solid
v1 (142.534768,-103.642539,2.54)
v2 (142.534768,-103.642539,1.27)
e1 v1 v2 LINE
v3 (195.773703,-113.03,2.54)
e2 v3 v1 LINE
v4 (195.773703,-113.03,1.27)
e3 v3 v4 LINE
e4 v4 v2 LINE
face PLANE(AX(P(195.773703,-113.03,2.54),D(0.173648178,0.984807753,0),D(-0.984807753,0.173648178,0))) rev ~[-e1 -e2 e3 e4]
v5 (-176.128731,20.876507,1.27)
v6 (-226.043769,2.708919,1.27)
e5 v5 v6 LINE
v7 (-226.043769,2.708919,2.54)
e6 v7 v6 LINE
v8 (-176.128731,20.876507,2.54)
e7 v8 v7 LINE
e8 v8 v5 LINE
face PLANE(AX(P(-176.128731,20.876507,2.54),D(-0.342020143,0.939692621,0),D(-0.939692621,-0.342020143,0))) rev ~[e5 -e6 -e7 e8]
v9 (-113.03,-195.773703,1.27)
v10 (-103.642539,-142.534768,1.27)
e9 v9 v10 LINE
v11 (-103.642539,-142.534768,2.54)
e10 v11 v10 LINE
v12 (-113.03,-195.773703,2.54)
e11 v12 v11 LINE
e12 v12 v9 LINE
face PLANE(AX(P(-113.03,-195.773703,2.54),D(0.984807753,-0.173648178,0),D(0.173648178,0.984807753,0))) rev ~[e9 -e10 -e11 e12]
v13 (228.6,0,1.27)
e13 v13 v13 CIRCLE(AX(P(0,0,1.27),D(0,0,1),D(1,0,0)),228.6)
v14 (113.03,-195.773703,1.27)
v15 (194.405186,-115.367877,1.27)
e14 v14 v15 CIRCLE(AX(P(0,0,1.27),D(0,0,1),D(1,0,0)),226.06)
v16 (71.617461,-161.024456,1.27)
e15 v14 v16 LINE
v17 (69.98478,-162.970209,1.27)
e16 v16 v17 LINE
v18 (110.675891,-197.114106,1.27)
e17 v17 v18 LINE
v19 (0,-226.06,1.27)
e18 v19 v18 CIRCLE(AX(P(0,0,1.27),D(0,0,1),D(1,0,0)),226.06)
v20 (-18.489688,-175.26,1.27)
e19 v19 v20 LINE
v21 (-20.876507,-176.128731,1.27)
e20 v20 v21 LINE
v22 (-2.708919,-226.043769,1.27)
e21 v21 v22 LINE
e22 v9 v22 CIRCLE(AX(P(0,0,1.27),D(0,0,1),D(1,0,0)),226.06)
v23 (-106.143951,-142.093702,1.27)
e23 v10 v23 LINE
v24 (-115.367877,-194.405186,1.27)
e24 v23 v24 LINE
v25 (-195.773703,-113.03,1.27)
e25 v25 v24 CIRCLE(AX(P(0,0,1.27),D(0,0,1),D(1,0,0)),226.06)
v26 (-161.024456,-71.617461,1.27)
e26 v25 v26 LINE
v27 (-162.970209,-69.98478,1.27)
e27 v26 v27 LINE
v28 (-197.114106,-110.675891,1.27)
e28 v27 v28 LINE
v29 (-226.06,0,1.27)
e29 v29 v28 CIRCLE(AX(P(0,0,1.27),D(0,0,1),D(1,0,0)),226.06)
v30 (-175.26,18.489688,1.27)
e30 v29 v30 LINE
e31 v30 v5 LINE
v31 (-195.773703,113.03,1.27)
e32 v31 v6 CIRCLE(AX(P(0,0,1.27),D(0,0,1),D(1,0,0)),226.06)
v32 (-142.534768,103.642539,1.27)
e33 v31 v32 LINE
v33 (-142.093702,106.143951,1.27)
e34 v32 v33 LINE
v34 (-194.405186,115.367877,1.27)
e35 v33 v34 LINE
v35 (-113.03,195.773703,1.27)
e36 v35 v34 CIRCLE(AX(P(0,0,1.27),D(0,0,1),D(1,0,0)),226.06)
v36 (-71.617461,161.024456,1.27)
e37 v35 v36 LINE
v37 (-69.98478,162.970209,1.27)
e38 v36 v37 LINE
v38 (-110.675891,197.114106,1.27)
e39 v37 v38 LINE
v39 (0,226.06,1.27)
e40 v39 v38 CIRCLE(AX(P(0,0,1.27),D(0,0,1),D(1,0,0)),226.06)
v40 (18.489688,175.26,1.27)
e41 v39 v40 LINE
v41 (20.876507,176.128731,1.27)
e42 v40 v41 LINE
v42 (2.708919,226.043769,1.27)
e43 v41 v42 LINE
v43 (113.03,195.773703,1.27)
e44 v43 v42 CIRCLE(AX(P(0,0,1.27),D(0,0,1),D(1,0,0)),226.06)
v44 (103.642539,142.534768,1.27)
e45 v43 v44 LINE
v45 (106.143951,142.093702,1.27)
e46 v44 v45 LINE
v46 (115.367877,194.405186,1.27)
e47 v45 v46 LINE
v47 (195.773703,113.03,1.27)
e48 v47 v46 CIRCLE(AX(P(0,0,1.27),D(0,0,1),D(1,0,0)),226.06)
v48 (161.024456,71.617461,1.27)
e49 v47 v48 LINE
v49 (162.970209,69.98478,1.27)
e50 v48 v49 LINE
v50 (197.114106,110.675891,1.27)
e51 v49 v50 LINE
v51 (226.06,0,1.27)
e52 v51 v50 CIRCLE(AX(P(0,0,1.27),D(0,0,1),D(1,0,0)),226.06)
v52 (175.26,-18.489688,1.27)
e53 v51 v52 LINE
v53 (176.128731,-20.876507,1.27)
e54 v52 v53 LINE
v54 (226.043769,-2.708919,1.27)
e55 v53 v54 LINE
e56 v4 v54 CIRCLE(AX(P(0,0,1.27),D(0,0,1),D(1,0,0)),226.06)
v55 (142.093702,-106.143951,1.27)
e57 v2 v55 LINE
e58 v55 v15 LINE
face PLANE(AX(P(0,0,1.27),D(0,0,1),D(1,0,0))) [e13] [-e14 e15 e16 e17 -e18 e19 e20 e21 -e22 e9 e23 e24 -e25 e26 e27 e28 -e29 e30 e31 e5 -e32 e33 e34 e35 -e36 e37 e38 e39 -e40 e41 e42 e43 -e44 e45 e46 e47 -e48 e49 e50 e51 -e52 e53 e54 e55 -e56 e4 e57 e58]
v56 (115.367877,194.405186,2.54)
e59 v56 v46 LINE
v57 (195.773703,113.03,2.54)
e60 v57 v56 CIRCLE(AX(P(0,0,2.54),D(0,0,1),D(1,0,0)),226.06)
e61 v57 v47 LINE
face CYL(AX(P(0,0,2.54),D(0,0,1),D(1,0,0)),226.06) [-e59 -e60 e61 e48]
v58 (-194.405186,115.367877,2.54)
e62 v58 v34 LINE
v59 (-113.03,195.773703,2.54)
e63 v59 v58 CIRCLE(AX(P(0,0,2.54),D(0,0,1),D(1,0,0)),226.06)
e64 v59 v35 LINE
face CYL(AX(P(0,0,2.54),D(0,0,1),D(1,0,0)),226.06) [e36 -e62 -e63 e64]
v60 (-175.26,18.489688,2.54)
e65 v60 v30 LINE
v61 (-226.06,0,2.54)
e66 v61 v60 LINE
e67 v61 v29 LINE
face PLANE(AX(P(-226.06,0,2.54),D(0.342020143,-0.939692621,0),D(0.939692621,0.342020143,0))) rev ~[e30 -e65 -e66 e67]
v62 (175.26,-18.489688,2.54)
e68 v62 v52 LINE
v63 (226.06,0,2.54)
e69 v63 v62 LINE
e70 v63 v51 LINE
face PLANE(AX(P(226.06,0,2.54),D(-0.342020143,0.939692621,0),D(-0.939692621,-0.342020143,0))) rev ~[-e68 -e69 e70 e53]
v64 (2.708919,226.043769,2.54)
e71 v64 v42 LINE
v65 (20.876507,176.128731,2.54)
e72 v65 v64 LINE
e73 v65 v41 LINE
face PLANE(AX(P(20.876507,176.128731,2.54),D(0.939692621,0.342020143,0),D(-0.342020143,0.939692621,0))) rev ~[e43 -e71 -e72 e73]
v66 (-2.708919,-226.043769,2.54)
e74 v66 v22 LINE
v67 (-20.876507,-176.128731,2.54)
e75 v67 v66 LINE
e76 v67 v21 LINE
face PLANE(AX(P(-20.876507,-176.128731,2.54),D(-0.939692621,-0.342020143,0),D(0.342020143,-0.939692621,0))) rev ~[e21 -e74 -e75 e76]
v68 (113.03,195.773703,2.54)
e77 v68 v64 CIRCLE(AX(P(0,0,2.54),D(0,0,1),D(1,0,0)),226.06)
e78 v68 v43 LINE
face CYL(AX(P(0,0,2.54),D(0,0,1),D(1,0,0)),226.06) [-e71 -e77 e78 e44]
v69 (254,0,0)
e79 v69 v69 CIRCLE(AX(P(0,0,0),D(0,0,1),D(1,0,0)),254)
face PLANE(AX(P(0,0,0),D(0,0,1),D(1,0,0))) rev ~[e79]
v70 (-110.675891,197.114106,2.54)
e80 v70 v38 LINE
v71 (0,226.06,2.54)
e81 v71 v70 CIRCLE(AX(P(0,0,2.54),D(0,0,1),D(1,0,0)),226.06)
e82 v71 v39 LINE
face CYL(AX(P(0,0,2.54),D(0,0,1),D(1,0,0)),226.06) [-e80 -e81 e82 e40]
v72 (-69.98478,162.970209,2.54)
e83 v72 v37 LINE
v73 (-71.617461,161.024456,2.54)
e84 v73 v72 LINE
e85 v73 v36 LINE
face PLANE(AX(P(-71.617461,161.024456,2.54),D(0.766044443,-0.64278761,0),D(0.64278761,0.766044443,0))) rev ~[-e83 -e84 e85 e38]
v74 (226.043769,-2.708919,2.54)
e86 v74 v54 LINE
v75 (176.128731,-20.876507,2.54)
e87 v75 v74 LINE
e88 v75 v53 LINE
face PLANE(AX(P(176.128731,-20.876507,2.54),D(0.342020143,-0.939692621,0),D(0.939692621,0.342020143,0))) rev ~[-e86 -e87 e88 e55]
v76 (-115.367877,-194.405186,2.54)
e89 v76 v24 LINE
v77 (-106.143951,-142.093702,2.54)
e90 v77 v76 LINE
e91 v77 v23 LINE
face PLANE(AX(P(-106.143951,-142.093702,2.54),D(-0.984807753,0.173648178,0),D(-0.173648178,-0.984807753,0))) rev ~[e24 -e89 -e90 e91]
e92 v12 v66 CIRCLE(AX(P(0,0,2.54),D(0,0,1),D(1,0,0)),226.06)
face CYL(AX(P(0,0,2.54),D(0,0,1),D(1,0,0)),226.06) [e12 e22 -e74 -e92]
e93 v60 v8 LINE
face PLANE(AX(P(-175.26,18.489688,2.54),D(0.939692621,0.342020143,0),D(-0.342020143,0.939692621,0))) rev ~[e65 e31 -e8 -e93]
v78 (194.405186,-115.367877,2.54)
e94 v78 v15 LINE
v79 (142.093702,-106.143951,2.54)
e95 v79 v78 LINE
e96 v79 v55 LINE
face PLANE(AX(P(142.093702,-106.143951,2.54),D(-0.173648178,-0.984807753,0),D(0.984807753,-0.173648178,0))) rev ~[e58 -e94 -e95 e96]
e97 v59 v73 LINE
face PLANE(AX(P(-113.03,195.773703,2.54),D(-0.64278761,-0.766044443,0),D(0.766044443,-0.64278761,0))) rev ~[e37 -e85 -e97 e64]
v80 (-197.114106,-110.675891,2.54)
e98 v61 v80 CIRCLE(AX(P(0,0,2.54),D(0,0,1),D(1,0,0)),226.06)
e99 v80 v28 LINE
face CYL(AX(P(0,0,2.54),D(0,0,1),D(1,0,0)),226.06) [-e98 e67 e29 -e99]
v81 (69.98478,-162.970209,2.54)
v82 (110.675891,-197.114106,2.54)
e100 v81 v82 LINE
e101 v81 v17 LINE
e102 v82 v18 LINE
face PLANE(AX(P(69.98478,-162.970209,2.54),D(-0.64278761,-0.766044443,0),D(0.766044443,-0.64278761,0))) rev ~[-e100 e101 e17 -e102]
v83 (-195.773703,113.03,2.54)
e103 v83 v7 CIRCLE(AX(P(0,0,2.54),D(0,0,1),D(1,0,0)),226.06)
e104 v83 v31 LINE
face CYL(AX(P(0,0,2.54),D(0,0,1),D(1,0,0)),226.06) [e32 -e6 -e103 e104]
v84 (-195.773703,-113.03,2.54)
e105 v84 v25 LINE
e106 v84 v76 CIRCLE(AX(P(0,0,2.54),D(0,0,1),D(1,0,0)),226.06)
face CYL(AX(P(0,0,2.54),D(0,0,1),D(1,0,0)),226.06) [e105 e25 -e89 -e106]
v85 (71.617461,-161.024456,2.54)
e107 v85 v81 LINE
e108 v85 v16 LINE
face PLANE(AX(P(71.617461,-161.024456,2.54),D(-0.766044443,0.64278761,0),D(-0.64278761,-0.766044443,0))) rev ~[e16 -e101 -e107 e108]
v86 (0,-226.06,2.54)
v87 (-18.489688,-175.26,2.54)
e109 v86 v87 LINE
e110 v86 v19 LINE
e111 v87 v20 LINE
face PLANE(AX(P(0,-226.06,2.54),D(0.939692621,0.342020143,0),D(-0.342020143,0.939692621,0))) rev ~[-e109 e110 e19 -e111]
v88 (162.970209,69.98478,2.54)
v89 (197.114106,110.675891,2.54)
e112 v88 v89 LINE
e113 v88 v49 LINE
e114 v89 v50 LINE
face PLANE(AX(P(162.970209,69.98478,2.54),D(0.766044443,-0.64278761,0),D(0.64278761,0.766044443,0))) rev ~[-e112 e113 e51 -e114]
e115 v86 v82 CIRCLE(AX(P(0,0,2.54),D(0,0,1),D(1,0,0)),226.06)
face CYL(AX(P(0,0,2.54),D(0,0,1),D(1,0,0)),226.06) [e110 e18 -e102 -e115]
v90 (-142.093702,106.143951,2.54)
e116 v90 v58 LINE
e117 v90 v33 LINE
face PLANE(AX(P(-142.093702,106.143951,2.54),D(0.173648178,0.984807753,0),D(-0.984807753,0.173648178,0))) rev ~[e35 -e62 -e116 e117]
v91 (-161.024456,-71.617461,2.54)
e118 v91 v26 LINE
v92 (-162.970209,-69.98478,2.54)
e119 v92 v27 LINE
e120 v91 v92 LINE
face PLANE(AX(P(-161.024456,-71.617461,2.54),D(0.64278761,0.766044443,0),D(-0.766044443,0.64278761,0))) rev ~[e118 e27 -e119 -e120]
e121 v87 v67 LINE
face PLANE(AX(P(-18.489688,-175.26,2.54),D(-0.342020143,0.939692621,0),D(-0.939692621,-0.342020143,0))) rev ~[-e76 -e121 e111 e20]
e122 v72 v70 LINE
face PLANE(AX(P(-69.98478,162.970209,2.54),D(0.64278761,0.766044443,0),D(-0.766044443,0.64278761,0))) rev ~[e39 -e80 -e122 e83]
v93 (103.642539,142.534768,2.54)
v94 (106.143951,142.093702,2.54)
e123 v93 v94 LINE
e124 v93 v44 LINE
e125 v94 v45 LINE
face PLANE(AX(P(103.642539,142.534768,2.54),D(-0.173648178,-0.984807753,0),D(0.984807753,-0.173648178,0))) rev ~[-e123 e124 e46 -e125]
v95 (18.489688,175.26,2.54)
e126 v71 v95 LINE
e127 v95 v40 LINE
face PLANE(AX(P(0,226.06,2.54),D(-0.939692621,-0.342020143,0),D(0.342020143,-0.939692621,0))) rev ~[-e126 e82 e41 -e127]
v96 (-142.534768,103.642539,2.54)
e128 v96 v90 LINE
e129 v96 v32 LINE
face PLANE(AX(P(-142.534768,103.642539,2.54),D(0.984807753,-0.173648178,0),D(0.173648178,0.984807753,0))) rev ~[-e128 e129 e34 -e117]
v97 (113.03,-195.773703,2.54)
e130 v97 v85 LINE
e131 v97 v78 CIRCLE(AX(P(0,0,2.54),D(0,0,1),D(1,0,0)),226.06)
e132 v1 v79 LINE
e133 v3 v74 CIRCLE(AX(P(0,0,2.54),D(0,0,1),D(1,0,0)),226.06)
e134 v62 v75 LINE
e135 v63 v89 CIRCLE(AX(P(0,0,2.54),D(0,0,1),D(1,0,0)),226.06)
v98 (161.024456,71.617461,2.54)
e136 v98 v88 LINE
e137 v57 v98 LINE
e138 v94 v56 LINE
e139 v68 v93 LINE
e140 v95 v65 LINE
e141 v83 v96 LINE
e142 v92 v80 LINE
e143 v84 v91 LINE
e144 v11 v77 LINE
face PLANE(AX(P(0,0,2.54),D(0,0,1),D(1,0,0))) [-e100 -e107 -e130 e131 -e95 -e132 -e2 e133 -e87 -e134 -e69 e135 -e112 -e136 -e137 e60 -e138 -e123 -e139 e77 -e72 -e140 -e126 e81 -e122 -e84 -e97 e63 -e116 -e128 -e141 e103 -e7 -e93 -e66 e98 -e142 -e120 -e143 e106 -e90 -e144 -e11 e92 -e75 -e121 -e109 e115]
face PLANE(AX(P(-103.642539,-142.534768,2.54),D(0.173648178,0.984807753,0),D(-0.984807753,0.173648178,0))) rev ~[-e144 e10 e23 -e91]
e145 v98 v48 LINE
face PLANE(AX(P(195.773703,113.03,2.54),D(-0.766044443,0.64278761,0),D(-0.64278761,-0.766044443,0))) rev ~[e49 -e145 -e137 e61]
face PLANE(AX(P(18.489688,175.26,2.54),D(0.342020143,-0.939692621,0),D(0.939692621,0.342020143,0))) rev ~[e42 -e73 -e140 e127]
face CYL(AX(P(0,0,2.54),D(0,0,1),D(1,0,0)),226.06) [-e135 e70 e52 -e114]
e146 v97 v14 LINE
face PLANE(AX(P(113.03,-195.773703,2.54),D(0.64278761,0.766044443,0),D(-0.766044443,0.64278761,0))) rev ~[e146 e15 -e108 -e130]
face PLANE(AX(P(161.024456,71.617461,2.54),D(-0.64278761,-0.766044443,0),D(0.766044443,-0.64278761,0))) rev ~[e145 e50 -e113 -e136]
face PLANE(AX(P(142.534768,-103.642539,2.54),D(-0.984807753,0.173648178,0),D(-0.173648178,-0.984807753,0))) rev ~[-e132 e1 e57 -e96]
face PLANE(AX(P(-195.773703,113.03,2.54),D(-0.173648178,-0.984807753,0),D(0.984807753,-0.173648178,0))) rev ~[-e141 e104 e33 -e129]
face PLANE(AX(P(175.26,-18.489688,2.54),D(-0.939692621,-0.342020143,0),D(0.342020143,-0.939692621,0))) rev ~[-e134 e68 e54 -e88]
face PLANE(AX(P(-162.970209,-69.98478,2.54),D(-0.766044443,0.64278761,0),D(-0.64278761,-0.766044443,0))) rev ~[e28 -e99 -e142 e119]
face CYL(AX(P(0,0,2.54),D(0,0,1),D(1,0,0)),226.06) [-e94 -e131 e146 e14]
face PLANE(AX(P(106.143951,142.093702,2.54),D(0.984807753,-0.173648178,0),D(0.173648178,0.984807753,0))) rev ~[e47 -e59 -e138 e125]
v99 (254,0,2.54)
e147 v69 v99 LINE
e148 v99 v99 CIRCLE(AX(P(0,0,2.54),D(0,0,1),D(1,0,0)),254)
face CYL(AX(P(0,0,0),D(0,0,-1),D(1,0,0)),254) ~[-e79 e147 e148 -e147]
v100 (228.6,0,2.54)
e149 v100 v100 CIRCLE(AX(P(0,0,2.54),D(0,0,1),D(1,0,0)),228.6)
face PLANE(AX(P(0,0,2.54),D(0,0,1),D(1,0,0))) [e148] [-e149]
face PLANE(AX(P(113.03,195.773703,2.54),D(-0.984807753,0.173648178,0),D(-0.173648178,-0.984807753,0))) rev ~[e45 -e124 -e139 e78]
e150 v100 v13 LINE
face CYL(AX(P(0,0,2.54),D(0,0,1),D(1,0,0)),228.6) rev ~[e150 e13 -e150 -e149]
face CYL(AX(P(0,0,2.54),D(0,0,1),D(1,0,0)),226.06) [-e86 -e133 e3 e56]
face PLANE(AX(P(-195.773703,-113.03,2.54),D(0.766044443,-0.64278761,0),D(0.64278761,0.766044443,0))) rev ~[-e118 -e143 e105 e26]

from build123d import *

# Parameters (mm, degrees)
SKETCH1_R           = 254
BOSS_EXTRUDE1_DEPTH = 2.54
SKETCH2_R           = 228.6
SKETCH2_R_2         = 226.06
CUT_EXTRUDE1_DEPTH  = 1.27
CUT_EXTRUDE2_DEPTH  = 1.27


with BuildPart() as part:
    # Sketch1 → Boss-Extrude1 (new body)
    with BuildSketch(Plane.XY):
        Circle(SKETCH1_R)
    extrude(amount=BOSS_EXTRUDE1_DEPTH)

    # Sketch2 → Cut-Extrude1 (cut)
    with BuildSketch(Plane.XY.offset(2.54)):
        Circle(SKETCH2_R)
        Circle(SKETCH2_R_2, mode=Mode.SUBTRACT)
    extrude(amount=-CUT_EXTRUDE1_DEPTH, mode=Mode.SUBTRACT)

    # Sketch4 → Cut-Extrude2 (cut)
    with BuildSketch(Plane.XY.offset(2.54)):
        with BuildLine():
            Line((-226.06, 0), (-175.26, 18.489687901))
            Line((-175.26, 18.489687901), (-176.128731164, 20.876507158))
            Line((-176.128731164, 20.876507158), (-226.043768674, 2.708919262))
            ThreePointArc((-226.043768674, 2.708919262), (-226.055942132, 1.354483944), (-226.06, 0))
        make_face()
        with BuildLine():
            Line((-195.77370278, 113.03), (-142.534768317, 103.64253943))
            Line((-142.534768317, 103.64253943), (-142.093701946, 106.143951123))
            Line((-142.093701946, 106.143951123), (-194.405186408, 115.367877234))
            ThreePointArc((-194.405186408, 115.367877234), (-195.092946591, 114.200988571), (-195.77370278, 113.03))
        make_face()
        with BuildLine():
            Line((-113.03, 195.77370278), (-71.61746057, 161.024456218))
            Line((-71.61746057, 161.024456218), (-69.984780041, 162.970209103))
            Line((-69.984780041, 162.970209103), (-110.67589144, 197.11410567))
            ThreePointArc((-110.67589144, 197.11410567), (-111.854953561, 196.447430535), (-113.03, 195.77370278))
        make_face()
        with BuildLine():
            Line((0, 226.06), (18.489687901, 175.26))
            Line((18.489687901, 175.26), (20.876507158, 176.128731164))
            Line((20.876507158, 176.128731164), (2.708919262, 226.043768674))
            ThreePointArc((2.708919262, 226.043768674), (1.354483944, 226.055942132), (0, 226.06))
        make_face()
        with BuildLine():
            Line((113.03, 195.77370278), (103.64253943, 142.534768317))
            Line((103.64253943, 142.534768317), (106.143951123, 142.093701946))
            Line((106.143951123, 142.093701946), (115.367877234, 194.405186408))
            ThreePointArc((115.367877234, 194.405186408), (114.200988571, 195.092946591), (113.03, 195.77370278))
        make_face()
        with BuildLine():
            Line((195.77370278, 113.03), (161.024456218, 71.61746057))
            Line((161.024456218, 71.61746057), (162.970209103, 69.984780041))
            Line((162.970209103, 69.984780041), (197.11410567, 110.67589144))
            ThreePointArc((197.11410567, 110.67589144), (196.447430535, 111.854953561), (195.77370278, 113.03))
        make_face()
        with BuildLine():
            Line((226.06, 0), (175.26, -18.489687901))
            Line((175.26, -18.489687901), (176.128731164, -20.876507158))
            Line((176.128731164, -20.876507158), (226.043768674, -2.708919262))
            ThreePointArc((226.043768674, -2.708919262), (226.055942132, -1.354483944), (226.06, 0))
        make_face()
        with BuildLine():
            Line((195.77370278, -113.03), (142.534768317, -103.64253943))
            Line((142.534768317, -103.64253943), (142.093701946, -106.143951123))
            Line((142.093701946, -106.143951123), (194.405186408, -115.367877234))
            ThreePointArc((194.405186408, -115.367877234), (195.092946591, -114.200988571), (195.77370278, -113.03))
        make_face()
        with BuildLine():
            Line((113.03, -195.77370278), (71.61746057, -161.024456218))
            Line((71.61746057, -161.024456218), (69.984780041, -162.970209103))
            Line((69.984780041, -162.970209103), (110.67589144, -197.11410567))
            ThreePointArc((110.67589144, -197.11410567), (111.854953561, -196.447430535), (113.03, -195.77370278))
        make_face()
        with BuildLine():
            Line((0, -226.06), (-18.489687901, -175.26))
            Line((-18.489687901, -175.26), (-20.876507158, -176.128731164))
            Line((-20.876507158, -176.128731164), (-2.708919262, -226.043768674))
            ThreePointArc((-2.708919262, -226.043768674), (-1.354483944, -226.055942132), (0, -226.06))
        make_face()
        with BuildLine():
            Line((-113.03, -195.77370278), (-103.64253943, -142.534768317))
            Line((-103.64253943, -142.534768317), (-106.143951123, -142.093701946))
            Line((-106.143951123, -142.093701946), (-115.367877234, -194.405186408))
            ThreePointArc((-115.367877234, -194.405186408), (-114.200988571, -195.092946591), (-113.03, -195.77370278))
        make_face()
        with BuildLine():
            Line((-195.77370278, -113.03), (-161.024456218, -71.61746057))
            Line((-161.024456218, -71.61746057), (-162.970209103, -69.984780041))
            Line((-162.970209103, -69.984780041), (-197.11410567, -110.67589144))
            ThreePointArc((-197.11410567, -110.67589144), (-196.447430535, -111.854953561), (-195.77370278, -113.03))
        make_face()
    extrude(amount=-CUT_EXTRUDE2_DEPTH, mode=Mode.SUBTRACT)


solid = part.part
